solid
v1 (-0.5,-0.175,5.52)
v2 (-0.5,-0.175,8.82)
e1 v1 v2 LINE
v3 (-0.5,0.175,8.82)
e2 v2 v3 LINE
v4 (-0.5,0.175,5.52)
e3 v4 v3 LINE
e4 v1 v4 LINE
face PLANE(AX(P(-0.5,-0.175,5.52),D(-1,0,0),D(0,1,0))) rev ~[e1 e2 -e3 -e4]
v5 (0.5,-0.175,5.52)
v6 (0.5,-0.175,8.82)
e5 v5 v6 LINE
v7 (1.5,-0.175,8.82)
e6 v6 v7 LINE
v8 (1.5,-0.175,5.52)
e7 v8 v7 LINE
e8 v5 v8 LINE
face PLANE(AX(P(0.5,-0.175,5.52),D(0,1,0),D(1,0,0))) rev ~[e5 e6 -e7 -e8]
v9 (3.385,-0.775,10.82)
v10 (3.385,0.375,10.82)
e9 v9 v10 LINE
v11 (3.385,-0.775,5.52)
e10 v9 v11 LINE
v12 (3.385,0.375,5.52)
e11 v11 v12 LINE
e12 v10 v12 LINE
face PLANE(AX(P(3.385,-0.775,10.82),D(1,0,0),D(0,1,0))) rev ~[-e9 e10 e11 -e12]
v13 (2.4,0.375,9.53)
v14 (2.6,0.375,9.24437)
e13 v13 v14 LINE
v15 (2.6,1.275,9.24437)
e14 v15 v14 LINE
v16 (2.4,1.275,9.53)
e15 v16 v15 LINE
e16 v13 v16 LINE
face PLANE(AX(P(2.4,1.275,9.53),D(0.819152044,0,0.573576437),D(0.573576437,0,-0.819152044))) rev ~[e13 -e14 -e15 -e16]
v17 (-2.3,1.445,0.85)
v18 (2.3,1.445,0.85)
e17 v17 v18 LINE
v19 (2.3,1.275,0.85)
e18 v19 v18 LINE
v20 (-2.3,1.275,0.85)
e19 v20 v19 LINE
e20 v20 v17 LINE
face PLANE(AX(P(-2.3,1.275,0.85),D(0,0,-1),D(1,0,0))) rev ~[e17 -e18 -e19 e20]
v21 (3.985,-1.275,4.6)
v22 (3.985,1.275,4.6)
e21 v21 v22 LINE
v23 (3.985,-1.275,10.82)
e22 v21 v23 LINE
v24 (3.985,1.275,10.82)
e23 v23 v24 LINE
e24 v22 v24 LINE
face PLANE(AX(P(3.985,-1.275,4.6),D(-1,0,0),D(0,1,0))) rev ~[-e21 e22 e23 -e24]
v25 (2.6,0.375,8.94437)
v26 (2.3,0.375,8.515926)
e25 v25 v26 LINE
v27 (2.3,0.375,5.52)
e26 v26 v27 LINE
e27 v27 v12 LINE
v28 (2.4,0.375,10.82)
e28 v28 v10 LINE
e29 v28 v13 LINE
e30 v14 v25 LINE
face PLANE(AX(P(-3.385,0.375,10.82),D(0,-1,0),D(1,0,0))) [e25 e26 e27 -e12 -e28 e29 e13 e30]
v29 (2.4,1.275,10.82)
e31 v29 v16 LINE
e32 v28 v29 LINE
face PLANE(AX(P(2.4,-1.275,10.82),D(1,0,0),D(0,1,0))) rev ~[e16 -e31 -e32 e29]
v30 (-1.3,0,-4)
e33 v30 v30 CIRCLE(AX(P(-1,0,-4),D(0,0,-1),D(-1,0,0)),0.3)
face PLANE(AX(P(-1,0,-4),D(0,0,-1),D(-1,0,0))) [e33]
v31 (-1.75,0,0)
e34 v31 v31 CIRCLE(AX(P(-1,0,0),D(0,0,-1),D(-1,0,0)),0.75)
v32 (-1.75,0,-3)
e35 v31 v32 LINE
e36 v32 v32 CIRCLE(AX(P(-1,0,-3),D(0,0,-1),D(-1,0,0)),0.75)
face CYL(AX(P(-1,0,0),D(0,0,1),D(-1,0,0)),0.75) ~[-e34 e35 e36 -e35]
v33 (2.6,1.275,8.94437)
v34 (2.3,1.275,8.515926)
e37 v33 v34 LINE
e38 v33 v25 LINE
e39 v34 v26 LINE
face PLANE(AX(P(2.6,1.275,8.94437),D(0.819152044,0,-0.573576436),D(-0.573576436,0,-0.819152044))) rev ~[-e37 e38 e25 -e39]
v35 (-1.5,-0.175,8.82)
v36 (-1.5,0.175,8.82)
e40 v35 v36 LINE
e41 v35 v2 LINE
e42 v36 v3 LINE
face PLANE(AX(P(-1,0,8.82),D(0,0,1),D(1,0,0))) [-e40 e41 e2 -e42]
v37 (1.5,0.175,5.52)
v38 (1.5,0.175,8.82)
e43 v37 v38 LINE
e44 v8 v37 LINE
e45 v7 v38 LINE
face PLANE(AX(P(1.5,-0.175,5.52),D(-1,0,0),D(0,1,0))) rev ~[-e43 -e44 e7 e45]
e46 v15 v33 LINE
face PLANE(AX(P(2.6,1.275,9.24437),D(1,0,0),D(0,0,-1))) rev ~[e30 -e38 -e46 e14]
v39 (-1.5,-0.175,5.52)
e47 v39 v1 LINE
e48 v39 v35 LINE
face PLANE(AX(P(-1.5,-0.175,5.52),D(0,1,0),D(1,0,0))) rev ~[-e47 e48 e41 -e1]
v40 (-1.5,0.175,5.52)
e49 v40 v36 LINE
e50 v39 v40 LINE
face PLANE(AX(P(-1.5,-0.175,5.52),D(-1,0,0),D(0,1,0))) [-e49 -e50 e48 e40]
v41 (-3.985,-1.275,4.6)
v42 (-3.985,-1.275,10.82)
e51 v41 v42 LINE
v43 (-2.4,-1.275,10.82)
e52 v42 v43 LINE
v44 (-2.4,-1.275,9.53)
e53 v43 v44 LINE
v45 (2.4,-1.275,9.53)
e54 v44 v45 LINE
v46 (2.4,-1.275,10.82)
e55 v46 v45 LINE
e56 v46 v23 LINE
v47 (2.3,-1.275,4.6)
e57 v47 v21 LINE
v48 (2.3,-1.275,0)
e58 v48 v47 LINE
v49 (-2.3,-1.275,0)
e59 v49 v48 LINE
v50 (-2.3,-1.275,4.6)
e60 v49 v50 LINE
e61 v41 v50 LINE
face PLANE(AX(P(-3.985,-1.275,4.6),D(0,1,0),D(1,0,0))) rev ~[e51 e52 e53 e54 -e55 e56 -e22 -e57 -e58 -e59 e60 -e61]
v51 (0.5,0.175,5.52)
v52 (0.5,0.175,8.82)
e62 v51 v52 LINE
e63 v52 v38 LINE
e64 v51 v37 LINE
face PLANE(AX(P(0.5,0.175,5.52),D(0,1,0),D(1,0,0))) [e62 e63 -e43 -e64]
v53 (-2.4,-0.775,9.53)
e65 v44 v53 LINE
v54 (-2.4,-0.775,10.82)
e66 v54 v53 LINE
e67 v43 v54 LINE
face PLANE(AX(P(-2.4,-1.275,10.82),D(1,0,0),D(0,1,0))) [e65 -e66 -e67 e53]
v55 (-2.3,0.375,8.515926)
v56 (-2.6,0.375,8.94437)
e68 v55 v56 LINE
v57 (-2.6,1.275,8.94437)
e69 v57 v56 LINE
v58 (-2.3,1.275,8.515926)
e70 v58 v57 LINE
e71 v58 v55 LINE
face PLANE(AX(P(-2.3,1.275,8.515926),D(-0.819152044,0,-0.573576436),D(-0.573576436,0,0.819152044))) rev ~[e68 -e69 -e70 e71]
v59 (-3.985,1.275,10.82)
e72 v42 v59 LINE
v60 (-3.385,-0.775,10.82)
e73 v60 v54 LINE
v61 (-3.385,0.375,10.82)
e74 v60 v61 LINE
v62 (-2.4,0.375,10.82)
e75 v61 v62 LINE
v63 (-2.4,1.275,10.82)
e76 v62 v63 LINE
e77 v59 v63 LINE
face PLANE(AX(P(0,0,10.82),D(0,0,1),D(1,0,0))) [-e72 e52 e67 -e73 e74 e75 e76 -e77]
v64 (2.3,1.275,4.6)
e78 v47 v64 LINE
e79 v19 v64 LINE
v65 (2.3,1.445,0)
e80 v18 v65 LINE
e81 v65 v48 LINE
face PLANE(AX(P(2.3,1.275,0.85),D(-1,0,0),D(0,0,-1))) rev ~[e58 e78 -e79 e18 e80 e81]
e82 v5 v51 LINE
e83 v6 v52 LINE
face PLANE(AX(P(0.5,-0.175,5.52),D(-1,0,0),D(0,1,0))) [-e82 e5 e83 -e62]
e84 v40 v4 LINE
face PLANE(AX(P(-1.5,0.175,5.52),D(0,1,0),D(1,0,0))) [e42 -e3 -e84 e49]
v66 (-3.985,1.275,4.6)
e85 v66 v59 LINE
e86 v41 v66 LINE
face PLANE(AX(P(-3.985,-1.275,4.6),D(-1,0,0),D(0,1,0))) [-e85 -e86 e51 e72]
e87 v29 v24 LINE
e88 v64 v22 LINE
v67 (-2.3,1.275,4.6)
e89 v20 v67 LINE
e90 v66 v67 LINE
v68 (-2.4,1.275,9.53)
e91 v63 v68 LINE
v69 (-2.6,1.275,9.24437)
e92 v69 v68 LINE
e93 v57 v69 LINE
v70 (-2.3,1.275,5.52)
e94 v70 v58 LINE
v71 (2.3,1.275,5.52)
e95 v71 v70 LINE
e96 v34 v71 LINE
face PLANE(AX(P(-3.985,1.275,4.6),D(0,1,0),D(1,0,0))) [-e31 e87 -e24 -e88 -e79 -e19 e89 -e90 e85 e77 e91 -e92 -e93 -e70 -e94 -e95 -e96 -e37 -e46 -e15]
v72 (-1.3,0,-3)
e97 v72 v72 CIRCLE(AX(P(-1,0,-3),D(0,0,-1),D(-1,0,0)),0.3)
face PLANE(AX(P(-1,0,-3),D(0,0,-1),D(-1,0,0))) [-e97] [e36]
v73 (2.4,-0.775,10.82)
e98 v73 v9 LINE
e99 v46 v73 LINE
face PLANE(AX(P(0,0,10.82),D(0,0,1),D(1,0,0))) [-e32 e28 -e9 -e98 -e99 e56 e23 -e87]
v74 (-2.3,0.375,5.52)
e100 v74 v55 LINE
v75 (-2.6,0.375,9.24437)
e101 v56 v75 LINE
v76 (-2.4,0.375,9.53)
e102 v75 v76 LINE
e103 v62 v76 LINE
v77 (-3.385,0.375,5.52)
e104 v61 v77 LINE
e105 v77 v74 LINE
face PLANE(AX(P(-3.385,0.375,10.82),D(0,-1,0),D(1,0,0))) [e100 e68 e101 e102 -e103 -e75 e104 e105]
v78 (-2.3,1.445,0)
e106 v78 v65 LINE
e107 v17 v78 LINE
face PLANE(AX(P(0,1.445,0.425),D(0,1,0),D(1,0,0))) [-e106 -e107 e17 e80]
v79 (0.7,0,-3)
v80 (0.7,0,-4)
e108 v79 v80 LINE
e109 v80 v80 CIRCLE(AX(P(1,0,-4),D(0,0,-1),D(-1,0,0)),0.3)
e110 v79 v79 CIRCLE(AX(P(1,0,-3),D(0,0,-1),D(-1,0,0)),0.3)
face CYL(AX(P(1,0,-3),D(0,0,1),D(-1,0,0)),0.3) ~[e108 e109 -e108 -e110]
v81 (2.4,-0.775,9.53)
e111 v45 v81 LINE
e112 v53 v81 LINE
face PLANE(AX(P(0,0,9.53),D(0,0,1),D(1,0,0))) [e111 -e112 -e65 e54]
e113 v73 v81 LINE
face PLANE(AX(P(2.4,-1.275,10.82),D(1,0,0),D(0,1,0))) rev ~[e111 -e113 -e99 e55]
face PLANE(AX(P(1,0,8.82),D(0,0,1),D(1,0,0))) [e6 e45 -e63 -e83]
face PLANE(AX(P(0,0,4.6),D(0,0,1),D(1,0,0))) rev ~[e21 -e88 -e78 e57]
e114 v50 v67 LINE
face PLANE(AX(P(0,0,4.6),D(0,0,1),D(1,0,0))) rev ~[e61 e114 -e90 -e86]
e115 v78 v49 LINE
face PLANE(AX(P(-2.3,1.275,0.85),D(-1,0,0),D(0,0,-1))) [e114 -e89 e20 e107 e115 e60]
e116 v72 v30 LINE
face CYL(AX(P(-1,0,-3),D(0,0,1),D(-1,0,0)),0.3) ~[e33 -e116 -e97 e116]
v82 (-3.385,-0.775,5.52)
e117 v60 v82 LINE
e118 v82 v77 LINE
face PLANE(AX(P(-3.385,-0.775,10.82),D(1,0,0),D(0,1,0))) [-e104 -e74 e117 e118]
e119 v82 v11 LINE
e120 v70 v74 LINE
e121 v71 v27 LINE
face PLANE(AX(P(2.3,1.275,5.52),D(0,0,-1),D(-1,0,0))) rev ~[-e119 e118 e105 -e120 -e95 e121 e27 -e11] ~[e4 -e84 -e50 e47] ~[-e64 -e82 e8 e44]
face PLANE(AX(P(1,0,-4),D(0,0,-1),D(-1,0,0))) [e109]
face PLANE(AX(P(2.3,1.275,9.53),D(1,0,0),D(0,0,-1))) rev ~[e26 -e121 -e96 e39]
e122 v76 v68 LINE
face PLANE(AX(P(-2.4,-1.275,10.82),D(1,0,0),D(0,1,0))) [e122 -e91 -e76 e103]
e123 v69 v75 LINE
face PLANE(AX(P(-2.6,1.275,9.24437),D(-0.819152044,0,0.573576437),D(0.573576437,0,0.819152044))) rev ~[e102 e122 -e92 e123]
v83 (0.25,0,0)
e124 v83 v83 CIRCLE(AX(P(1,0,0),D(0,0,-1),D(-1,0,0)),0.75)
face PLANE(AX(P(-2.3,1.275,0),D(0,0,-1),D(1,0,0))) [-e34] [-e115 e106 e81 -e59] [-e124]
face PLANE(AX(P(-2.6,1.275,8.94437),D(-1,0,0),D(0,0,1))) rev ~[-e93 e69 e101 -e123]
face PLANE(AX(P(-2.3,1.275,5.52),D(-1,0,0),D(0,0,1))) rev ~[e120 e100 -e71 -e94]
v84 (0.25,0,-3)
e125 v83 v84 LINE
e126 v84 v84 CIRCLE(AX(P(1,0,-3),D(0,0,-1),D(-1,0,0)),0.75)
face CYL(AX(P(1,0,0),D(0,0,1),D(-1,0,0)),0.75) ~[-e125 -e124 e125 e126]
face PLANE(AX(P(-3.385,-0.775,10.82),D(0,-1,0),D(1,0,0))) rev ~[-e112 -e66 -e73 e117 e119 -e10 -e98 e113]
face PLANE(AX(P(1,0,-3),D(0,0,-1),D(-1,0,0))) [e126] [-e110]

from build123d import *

# Parameters (mm, degrees)
SKETCH1_W           = 4.6
SKETCH1_H           = 2.55
BOSS_EXTRUDE1_DEPTH = 4.6
SKETCH2_W           = 7.97
SKETCH2_H           = 2.55
BOSS_EXTRUDE2_DEPTH = 6.22
SKETCH3_W           = 4.6
SKETCH3_H           = 0.85
BOSS_EXTRUDE3_DEPTH = 0.17
SKETCH4_W           = 4.8
SKETCH4_H           = 2.55
CUT_EXTRUDE1_DEPTH  = 1.29
SKETCH5_W           = 6.77
SKETCH5_H           = 1.15
CUT_EXTRUDE2_DEPTH  = 5.3
CUT_EXTRUDE3_REACH  = 4.55
SKETCH7_W           = 1
SKETCH7_H           = 0.35
BOSS_EXTRUDE4_DEPTH = 3.3
SKETCH8_R           = 0.75
BOSS_EXTRUDE5_DEPTH = 3
SKETCH9_R           = 0.3
BOSS_EXTRUDE6_DEPTH = 1


with BuildPart() as part:
    # Sketch1 → Boss-Extrude1 (new body)
    with BuildSketch(Plane.XY):
        Rectangle(SKETCH1_W, SKETCH1_H)
    extrude(amount=BOSS_EXTRUDE1_DEPTH)

    # Sketch2 → Boss-Extrude2 (add)
    with BuildSketch(Plane.XY.offset(4.6)):
        Rectangle(SKETCH2_W, SKETCH2_H)
    extrude(amount=BOSS_EXTRUDE2_DEPTH)

    # Sketch3 → Boss-Extrude3 (add)
    with BuildSketch(Plane(origin=(0, 1.275, 0), x_dir=(1, 0, 0), z_dir=(0, 1, 0))):
        with Locations((0, -0.425)):
            Rectangle(SKETCH3_W, SKETCH3_H)
    extrude(amount=BOSS_EXTRUDE3_DEPTH)

    # Sketch4 → Cut-Extrude1 (cut)
    with BuildSketch(Plane.XY.offset(10.82)):
        Rectangle(SKETCH4_W, SKETCH4_H)
    extrude(amount=-CUT_EXTRUDE1_DEPTH, mode=Mode.SUBTRACT)

    # Sketch5 → Cut-Extrude2 (cut)
    with BuildSketch(Plane.XY.offset(10.82)):
        with Locations((0, -0.2)):
            Rectangle(SKETCH5_W, SKETCH5_H)
    extrude(amount=-CUT_EXTRUDE2_DEPTH, mode=Mode.SUBTRACT)

    # Sketch6 → Cut-Extrude3 (cut, up to next)
    with BuildSketch(Plane(origin=(0, 1.275, 0), x_dir=(1, 0, 0), z_dir=(0, 1, 0)), mode=Mode.PRIVATE) as cut_extrude3_sk1:
        Polygon((2.3, -8.515925997), (2.3, -5.52), (-2.3, -5.52), (-2.3, -8.515925997), (-2.3, -9.53), (2.3, -9.53), align=None)
    cut_extrude3_tool1 = extrude(cut_extrude3_sk1.sketch, amount=-CUT_EXTRUDE3_REACH, mode=Mode.PRIVATE) & part.part
    add(cut_extrude3_tool1.solids().sort_by_distance((0, 1.275, 7.525))[0], mode=Mode.SUBTRACT)
    # Sketch6 → Cut-Extrude3 (cut, up to next)
    with BuildSketch(Plane(origin=(0, 1.275, 0), x_dir=(1, 0, 0), z_dir=(0, 1, 0)), mode=Mode.PRIVATE) as cut_extrude3_sk2:
        Polygon((-2.3, -9.53), (-2.3, -8.515925997), (-2.6, -8.944370399), (-2.6, -9.244370399), (-2.4, -9.53), align=None)
    cut_extrude3_tool2 = extrude(cut_extrude3_sk2.sketch, amount=-CUT_EXTRUDE3_REACH, mode=Mode.PRIVATE) & part.part
    add(cut_extrude3_tool2.solids().sort_by_distance((-2.423539, 1.275, 9.078047))[0], mode=Mode.SUBTRACT)
    # Sketch6 → Cut-Extrude3 (cut, up to next)
    with BuildSketch(Plane(origin=(0, 1.275, 0), x_dir=(1, 0, 0), z_dir=(0, 1, 0)), mode=Mode.PRIVATE) as cut_extrude3_sk3:
        Polygon((2.6, -8.944370399), (2.3, -8.515925997), (2.3, -9.53), (2.4, -9.53), (2.6, -9.244370399), align=None)
    cut_extrude3_tool3 = extrude(cut_extrude3_sk3.sketch, amount=-CUT_EXTRUDE3_REACH, mode=Mode.PRIVATE) & part.part
    add(cut_extrude3_tool3.solids().sort_by_distance((2.423539, 1.275, 9.078047))[0], mode=Mode.SUBTRACT)

    # Sketch7 → Boss-Extrude4 (add)
    with BuildSketch(Plane.XY.offset(5.52)):
        with Locations((1, 0)):
            Rectangle(SKETCH7_W, SKETCH7_H)
        with Locations((-1, 0)):
            Rectangle(SKETCH7_W, SKETCH7_H)
    extrude(amount=BOSS_EXTRUDE4_DEPTH)

    # Sketch8 → Boss-Extrude5 (add)
    with BuildSketch(Plane(origin=(0, 0, 0), x_dir=(-1, 0, 0), z_dir=(0, 0, -1))):
        with Locations((-1, 0)):
            Circle(SKETCH8_R)
        with Locations((1, 0)):
            Circle(SKETCH8_R)
    extrude(amount=BOSS_EXTRUDE5_DEPTH)

    # Sketch9 → Boss-Extrude6 (add)
    with BuildSketch(Plane(origin=(0, 0, -3), x_dir=(-1, 0, 0), z_dir=(0, 0, -1))):
        with Locations((-1, 0)):
            Circle(SKETCH9_R)
        with Locations((1, 0)):
            Circle(SKETCH9_R)
    extrude(amount=BOSS_EXTRUDE6_DEPTH)


solid = part.part
